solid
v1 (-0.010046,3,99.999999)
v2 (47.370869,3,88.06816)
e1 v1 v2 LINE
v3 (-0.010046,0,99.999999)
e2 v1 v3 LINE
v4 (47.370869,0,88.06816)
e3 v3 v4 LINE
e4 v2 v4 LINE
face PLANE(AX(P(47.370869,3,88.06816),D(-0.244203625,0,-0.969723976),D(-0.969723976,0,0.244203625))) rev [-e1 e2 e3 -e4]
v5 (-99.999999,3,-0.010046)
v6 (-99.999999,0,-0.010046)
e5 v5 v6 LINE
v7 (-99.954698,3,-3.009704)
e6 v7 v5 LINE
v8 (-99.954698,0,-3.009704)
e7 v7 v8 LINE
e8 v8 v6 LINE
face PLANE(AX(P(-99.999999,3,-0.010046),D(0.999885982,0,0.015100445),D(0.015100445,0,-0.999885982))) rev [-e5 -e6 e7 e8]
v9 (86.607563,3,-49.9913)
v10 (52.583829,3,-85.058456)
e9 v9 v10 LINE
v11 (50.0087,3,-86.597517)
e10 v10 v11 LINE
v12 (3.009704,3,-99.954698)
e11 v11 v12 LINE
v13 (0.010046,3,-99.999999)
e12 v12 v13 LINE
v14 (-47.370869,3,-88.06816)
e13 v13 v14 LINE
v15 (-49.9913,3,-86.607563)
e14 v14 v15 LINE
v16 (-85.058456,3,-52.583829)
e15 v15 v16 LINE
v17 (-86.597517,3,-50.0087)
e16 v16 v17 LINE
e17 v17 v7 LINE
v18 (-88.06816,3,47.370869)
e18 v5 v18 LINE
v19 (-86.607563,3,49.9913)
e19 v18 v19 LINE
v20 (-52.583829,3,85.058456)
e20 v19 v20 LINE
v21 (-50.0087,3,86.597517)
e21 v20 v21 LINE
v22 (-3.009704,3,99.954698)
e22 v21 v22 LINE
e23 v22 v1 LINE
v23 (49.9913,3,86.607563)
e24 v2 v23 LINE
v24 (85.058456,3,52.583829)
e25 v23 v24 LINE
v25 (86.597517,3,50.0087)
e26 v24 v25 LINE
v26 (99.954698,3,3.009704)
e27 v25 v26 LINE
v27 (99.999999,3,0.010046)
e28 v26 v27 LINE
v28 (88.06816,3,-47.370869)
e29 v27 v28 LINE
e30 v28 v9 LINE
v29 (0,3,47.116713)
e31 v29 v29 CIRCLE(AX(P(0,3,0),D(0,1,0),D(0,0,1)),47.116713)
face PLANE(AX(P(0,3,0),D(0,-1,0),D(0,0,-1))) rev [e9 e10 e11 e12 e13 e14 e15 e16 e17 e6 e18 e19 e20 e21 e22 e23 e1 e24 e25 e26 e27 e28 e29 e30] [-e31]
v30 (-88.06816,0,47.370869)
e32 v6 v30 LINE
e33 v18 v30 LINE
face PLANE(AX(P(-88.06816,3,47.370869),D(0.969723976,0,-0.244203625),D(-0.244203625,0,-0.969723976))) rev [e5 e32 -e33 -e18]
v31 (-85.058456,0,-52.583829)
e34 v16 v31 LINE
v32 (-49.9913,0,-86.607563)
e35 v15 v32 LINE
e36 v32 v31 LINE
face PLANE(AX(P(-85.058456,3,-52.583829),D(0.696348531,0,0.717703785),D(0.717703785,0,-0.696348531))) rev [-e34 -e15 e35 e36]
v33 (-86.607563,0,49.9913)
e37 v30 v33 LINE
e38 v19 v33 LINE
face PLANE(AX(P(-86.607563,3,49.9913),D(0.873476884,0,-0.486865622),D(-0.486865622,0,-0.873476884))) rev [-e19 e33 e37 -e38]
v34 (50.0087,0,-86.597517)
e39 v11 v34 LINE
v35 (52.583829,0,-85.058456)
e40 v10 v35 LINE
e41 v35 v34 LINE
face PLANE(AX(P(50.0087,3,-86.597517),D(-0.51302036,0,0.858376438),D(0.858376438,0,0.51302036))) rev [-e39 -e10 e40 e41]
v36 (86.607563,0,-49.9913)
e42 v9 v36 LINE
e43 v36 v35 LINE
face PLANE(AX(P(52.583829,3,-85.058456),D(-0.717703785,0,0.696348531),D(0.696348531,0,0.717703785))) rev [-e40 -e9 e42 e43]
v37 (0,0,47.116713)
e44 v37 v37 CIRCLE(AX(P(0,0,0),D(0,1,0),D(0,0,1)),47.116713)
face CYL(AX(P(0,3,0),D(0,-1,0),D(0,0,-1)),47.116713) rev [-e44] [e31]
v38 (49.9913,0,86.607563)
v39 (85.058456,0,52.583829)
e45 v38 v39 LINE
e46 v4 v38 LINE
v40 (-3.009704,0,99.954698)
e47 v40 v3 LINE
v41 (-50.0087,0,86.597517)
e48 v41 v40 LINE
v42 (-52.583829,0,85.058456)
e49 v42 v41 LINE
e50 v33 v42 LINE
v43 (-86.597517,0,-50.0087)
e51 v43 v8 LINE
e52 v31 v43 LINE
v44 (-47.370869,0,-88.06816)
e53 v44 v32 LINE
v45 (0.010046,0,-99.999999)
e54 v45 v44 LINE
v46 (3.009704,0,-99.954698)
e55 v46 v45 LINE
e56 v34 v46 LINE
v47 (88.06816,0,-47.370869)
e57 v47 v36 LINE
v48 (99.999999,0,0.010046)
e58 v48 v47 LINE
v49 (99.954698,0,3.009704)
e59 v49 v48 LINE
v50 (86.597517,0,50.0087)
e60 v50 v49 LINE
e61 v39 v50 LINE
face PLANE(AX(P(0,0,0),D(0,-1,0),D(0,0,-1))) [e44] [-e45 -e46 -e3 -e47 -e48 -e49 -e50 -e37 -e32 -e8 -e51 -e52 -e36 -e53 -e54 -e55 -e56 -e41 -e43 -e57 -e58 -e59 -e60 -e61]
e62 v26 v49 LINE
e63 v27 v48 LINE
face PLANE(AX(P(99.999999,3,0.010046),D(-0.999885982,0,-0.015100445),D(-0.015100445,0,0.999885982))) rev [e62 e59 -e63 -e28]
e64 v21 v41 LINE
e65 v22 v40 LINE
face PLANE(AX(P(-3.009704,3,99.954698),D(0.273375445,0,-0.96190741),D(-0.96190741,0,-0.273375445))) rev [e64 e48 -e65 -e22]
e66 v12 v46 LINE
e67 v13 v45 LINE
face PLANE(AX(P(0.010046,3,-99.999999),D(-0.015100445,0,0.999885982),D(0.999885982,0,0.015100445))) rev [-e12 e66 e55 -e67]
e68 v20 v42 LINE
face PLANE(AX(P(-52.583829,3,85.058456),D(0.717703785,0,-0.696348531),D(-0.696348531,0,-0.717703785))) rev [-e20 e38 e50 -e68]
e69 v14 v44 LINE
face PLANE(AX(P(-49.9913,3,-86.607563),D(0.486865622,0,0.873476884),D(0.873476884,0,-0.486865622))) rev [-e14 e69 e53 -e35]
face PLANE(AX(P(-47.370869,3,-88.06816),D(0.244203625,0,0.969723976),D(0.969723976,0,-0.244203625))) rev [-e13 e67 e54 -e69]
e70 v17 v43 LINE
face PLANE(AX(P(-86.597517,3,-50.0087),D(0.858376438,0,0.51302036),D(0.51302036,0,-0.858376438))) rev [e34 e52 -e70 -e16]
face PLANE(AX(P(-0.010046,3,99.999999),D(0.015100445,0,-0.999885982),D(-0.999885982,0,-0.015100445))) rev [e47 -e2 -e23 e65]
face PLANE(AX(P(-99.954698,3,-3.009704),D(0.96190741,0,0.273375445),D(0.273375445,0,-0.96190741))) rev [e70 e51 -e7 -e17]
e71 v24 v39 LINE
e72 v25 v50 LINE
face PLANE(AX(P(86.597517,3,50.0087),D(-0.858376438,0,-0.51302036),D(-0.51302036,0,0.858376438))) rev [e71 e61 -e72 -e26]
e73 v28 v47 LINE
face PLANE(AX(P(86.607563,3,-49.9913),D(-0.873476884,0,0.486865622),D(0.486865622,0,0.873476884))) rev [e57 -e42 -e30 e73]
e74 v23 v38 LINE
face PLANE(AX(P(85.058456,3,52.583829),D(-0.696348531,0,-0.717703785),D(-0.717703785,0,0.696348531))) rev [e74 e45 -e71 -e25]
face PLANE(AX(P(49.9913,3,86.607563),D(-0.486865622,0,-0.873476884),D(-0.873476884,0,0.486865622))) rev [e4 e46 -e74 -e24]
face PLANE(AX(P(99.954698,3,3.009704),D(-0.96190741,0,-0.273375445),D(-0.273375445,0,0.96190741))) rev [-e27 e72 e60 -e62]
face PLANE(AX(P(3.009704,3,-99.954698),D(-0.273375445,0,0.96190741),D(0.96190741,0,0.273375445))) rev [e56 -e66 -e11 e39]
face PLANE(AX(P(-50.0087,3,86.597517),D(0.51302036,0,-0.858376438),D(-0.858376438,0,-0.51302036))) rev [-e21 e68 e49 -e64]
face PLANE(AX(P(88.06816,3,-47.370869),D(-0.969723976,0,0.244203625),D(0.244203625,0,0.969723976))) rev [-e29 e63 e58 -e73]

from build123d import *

# Parameters (mm, degrees)
SKETCH1_R           = 47.116713319
BOSS_EXTRUDE1_DEPTH = 3


with BuildPart() as part:
    # Sketch1 → Boss-Extrude1 (new body)
    with BuildSketch(Plane(origin=(0, 0, 0), x_dir=(1, 0, 0), z_dir=(0, 1, 0))):
        Polygon((-88.068159647, -47.370869281), (-99.999999495, 0.010045682), (-99.954698159, 3.009703627), (-86.597517101, 50.008699563), (-85.05845602, 52.583828878), (-49.991299932, 86.607562782), (-47.370869281, 88.068159647), (0.010045682, 99.999999495), (3.009703627, 99.954698159), (50.008699563, 86.597517101), (52.583828878, 85.05845602), (86.607562782, 49.991299932), (88.068159647, 47.370869281), (99.999999495, -0.010045682), (99.954698159, -3.009703627), (86.597517101, -50.008699563), (85.05845602, -52.583828878), (49.991299932, -86.607562782), (47.370869281, -88.068159647), (-0.010045682, -99.999999495), (-3.009703627, -99.954698159), (-50.008699563, -86.597517101), (-52.583828878, -85.05845602), (-86.607562782, -49.991299932), align=None)
        with Locations(Location((0, 0, 0), (0, 0, 270))):
            Circle(SKETCH1_R, mode=Mode.SUBTRACT)
    extrude(amount=BOSS_EXTRUDE1_DEPTH)


solid = part.part
